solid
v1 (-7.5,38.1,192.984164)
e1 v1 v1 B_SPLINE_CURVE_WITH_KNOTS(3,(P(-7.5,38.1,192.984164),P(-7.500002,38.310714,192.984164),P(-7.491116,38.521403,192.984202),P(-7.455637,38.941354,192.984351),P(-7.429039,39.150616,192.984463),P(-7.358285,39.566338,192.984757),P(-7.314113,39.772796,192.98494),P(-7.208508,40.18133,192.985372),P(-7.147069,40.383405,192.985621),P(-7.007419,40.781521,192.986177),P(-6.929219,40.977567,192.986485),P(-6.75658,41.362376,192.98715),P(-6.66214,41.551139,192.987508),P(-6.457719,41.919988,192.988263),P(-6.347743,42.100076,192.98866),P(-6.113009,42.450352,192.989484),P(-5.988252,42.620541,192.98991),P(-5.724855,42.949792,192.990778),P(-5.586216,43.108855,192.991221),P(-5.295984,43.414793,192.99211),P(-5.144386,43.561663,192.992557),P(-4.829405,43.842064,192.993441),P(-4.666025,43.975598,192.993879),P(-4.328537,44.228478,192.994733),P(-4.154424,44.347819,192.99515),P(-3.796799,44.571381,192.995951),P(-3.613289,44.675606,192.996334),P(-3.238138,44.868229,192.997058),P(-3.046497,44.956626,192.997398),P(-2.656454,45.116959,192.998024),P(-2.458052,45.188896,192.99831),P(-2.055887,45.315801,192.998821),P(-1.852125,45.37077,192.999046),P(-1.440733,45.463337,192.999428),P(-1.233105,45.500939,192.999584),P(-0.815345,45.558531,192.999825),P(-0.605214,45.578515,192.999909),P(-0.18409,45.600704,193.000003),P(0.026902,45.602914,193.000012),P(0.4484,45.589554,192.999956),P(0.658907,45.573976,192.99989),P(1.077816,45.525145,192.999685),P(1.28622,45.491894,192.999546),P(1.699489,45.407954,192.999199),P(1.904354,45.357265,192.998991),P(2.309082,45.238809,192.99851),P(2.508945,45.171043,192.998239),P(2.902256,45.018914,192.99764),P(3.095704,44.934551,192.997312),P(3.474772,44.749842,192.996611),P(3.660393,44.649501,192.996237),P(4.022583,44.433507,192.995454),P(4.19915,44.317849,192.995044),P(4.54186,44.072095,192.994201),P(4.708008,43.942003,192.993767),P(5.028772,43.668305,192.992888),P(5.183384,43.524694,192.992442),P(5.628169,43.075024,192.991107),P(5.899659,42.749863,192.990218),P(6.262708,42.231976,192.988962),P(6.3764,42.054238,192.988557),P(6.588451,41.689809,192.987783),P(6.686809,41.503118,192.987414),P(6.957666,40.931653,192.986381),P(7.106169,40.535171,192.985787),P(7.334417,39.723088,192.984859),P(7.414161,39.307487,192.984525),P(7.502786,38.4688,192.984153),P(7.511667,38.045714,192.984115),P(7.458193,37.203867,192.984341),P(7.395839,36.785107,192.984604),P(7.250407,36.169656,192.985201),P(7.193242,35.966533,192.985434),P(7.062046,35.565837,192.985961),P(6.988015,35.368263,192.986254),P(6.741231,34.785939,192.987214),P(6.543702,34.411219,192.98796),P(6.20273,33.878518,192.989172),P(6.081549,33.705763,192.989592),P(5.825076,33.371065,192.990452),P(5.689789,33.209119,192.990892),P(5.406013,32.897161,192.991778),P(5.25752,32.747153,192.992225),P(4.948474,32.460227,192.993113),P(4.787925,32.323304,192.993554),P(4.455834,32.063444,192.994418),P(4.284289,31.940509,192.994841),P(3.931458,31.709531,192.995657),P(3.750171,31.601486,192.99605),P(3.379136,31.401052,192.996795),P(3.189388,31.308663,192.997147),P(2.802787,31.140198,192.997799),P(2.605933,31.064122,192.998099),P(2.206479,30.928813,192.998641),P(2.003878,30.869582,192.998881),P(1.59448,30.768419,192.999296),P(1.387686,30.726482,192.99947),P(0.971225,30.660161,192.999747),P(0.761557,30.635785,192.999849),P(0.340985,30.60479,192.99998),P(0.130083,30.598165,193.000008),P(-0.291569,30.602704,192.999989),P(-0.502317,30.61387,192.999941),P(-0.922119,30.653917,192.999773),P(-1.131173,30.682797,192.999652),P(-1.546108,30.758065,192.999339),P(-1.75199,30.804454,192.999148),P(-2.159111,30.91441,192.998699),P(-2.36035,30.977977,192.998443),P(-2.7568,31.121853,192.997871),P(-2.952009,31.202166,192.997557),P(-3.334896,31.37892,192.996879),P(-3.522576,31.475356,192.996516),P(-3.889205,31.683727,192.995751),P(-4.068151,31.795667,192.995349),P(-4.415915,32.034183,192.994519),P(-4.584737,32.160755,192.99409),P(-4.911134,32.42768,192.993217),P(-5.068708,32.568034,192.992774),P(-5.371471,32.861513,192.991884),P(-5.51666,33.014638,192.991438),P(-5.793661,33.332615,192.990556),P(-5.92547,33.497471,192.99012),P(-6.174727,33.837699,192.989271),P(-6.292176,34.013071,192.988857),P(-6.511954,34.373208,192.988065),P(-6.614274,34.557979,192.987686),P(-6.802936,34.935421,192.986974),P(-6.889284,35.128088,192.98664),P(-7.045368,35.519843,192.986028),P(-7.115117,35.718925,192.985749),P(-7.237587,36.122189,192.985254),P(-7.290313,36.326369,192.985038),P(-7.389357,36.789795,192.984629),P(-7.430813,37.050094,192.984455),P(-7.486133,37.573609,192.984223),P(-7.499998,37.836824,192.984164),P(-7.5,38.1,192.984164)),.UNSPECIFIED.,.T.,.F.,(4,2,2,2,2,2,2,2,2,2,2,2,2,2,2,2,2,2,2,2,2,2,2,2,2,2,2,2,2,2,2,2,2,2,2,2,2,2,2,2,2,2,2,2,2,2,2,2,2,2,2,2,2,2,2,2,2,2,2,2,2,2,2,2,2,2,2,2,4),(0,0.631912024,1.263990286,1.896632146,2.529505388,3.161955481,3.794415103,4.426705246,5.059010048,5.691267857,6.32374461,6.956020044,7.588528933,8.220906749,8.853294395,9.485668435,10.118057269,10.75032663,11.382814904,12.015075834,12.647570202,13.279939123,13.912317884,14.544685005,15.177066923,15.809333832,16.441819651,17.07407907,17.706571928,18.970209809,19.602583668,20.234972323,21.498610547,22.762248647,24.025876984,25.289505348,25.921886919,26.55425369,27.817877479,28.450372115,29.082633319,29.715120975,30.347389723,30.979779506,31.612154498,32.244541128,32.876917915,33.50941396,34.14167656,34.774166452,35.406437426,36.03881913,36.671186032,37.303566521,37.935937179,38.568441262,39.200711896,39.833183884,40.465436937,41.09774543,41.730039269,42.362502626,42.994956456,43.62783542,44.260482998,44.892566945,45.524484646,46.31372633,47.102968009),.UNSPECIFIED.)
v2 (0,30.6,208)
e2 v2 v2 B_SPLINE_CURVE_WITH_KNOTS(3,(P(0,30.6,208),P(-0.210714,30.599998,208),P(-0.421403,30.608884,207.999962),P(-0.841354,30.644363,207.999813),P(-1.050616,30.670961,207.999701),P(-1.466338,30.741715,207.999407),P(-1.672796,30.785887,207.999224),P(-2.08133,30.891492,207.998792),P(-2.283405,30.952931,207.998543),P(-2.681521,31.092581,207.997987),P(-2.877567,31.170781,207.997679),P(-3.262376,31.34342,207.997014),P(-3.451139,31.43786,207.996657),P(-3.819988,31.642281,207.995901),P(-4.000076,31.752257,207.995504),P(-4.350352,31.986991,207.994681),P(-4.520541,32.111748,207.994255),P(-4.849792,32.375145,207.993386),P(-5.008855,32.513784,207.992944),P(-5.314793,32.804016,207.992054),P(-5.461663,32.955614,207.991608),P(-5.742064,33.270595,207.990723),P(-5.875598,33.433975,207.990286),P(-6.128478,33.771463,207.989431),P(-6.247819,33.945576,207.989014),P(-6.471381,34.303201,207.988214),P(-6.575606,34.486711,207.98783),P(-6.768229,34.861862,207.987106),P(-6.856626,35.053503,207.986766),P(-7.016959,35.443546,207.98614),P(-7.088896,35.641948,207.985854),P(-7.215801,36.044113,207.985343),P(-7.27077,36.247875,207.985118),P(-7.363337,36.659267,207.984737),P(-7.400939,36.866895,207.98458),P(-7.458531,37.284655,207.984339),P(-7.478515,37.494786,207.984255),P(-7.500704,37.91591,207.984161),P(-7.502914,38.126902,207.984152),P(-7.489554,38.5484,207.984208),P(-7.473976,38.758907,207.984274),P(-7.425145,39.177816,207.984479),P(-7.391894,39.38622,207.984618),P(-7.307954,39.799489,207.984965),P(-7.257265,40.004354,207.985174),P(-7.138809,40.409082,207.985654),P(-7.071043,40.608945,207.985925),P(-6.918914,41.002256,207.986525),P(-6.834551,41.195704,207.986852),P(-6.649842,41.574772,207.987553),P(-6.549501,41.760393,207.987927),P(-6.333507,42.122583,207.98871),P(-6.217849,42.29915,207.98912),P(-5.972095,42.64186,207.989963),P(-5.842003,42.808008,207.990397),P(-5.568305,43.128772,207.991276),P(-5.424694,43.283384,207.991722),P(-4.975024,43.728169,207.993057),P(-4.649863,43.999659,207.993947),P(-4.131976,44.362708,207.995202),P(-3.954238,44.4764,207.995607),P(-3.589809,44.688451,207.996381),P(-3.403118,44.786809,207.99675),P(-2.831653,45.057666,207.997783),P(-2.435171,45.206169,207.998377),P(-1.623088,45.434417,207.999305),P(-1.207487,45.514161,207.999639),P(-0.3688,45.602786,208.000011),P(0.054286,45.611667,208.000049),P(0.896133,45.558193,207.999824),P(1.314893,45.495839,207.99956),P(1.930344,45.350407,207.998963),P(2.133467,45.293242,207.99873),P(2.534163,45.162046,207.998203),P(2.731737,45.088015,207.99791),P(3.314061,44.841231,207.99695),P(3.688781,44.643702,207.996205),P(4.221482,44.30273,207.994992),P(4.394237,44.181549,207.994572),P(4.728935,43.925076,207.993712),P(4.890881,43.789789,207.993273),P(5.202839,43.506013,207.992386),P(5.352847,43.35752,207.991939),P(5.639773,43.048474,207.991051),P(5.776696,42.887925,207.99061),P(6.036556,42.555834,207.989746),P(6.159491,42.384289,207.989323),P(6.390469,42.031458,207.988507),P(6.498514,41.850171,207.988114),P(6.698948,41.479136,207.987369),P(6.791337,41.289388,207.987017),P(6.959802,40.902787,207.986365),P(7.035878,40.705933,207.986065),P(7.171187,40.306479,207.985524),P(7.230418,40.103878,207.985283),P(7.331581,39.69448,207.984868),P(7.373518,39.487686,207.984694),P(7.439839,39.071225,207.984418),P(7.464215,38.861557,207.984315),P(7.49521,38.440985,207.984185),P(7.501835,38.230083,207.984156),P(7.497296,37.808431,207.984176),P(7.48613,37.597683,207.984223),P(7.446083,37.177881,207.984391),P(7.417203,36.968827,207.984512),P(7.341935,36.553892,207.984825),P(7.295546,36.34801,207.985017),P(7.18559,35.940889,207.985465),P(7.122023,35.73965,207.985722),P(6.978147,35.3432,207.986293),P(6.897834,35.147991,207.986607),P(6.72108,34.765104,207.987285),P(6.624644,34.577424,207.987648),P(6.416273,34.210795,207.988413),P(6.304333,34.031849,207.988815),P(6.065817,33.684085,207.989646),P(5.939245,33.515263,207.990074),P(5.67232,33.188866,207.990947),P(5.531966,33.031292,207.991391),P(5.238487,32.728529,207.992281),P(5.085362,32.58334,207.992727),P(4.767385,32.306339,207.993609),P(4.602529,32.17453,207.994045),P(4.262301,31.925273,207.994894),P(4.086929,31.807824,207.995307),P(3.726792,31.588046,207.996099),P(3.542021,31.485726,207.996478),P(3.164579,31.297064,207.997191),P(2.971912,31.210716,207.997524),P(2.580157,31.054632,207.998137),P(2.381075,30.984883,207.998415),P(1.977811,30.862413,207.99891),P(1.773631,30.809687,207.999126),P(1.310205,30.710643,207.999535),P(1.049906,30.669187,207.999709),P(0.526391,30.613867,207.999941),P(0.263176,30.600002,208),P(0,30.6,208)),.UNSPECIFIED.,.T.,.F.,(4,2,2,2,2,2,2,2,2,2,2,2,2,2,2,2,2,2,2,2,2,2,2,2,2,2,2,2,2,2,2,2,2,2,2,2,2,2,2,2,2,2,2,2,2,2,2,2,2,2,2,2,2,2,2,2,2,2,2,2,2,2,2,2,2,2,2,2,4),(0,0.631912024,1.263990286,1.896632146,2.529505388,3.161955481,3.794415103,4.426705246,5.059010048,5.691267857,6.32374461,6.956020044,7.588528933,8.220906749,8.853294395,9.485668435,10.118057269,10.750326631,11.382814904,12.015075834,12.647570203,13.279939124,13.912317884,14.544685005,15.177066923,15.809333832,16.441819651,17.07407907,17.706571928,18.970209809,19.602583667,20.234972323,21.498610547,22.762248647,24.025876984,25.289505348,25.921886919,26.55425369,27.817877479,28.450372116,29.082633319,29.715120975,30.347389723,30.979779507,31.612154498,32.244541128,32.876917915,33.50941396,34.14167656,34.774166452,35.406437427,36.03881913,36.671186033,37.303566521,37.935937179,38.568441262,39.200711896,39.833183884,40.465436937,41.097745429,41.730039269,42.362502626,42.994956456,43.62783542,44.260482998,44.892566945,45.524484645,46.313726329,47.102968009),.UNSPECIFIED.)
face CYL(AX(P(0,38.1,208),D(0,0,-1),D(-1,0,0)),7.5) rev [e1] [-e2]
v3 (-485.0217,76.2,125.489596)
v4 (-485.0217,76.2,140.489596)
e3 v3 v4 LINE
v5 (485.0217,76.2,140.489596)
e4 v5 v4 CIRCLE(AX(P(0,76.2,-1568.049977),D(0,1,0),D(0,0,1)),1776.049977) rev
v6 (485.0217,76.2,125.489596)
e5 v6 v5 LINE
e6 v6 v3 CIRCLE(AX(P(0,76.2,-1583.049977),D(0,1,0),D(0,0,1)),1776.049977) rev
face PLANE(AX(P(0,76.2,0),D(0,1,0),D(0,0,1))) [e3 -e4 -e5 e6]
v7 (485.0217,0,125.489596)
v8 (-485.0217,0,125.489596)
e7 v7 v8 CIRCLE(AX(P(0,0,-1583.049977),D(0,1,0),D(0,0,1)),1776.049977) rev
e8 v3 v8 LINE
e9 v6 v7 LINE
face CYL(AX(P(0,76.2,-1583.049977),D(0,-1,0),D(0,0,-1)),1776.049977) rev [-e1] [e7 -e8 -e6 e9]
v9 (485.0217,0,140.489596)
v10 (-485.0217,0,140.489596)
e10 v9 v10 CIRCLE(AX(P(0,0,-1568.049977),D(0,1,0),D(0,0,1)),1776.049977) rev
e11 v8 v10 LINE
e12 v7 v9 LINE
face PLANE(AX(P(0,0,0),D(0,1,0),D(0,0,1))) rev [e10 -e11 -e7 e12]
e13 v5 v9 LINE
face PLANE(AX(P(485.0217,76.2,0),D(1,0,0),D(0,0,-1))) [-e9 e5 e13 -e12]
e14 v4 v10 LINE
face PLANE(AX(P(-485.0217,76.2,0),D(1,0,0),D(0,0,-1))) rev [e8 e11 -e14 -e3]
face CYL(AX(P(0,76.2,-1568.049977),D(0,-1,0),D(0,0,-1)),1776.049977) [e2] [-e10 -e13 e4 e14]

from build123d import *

# Parameters (mm, degrees)
BOSS_EXTRUDE1_DEPTH = 76.2
SKETCH9_R           = 7.5
CUT_EXTRUDE1_DEPTH  = 209


with BuildPart() as part:
    # Sketch1 → Boss-Extrude1 (new body)
    with BuildSketch(Plane(origin=(0, 0, 0), x_dir=(1, 0, 0), z_dir=(0, 1, 0))):
        with BuildLine():
            ThreePointArc((485.021699517, -125.489595812), (0, -193), (-485.021699517, -125.489595812))
            Line((-485.021699517, -125.489595812), (-485.021699517, -140.489595812))
            ThreePointArc((-485.021699517, -140.489595812), (0, -208), (485.021699517, -140.489595812))
            Line((485.021699517, -140.489595812), (485.021699517, -125.489595812))
        make_face()
    extrude(amount=BOSS_EXTRUDE1_DEPTH)

    # Sketch9 → Cut-Extrude1 (cut, through all)
    with BuildSketch(Plane.XY):
        with Locations((0, 38.1)):
            Circle(SKETCH9_R)
    extrude(amount=CUT_EXTRUDE1_DEPTH, mode=Mode.SUBTRACT)


solid = part.part
